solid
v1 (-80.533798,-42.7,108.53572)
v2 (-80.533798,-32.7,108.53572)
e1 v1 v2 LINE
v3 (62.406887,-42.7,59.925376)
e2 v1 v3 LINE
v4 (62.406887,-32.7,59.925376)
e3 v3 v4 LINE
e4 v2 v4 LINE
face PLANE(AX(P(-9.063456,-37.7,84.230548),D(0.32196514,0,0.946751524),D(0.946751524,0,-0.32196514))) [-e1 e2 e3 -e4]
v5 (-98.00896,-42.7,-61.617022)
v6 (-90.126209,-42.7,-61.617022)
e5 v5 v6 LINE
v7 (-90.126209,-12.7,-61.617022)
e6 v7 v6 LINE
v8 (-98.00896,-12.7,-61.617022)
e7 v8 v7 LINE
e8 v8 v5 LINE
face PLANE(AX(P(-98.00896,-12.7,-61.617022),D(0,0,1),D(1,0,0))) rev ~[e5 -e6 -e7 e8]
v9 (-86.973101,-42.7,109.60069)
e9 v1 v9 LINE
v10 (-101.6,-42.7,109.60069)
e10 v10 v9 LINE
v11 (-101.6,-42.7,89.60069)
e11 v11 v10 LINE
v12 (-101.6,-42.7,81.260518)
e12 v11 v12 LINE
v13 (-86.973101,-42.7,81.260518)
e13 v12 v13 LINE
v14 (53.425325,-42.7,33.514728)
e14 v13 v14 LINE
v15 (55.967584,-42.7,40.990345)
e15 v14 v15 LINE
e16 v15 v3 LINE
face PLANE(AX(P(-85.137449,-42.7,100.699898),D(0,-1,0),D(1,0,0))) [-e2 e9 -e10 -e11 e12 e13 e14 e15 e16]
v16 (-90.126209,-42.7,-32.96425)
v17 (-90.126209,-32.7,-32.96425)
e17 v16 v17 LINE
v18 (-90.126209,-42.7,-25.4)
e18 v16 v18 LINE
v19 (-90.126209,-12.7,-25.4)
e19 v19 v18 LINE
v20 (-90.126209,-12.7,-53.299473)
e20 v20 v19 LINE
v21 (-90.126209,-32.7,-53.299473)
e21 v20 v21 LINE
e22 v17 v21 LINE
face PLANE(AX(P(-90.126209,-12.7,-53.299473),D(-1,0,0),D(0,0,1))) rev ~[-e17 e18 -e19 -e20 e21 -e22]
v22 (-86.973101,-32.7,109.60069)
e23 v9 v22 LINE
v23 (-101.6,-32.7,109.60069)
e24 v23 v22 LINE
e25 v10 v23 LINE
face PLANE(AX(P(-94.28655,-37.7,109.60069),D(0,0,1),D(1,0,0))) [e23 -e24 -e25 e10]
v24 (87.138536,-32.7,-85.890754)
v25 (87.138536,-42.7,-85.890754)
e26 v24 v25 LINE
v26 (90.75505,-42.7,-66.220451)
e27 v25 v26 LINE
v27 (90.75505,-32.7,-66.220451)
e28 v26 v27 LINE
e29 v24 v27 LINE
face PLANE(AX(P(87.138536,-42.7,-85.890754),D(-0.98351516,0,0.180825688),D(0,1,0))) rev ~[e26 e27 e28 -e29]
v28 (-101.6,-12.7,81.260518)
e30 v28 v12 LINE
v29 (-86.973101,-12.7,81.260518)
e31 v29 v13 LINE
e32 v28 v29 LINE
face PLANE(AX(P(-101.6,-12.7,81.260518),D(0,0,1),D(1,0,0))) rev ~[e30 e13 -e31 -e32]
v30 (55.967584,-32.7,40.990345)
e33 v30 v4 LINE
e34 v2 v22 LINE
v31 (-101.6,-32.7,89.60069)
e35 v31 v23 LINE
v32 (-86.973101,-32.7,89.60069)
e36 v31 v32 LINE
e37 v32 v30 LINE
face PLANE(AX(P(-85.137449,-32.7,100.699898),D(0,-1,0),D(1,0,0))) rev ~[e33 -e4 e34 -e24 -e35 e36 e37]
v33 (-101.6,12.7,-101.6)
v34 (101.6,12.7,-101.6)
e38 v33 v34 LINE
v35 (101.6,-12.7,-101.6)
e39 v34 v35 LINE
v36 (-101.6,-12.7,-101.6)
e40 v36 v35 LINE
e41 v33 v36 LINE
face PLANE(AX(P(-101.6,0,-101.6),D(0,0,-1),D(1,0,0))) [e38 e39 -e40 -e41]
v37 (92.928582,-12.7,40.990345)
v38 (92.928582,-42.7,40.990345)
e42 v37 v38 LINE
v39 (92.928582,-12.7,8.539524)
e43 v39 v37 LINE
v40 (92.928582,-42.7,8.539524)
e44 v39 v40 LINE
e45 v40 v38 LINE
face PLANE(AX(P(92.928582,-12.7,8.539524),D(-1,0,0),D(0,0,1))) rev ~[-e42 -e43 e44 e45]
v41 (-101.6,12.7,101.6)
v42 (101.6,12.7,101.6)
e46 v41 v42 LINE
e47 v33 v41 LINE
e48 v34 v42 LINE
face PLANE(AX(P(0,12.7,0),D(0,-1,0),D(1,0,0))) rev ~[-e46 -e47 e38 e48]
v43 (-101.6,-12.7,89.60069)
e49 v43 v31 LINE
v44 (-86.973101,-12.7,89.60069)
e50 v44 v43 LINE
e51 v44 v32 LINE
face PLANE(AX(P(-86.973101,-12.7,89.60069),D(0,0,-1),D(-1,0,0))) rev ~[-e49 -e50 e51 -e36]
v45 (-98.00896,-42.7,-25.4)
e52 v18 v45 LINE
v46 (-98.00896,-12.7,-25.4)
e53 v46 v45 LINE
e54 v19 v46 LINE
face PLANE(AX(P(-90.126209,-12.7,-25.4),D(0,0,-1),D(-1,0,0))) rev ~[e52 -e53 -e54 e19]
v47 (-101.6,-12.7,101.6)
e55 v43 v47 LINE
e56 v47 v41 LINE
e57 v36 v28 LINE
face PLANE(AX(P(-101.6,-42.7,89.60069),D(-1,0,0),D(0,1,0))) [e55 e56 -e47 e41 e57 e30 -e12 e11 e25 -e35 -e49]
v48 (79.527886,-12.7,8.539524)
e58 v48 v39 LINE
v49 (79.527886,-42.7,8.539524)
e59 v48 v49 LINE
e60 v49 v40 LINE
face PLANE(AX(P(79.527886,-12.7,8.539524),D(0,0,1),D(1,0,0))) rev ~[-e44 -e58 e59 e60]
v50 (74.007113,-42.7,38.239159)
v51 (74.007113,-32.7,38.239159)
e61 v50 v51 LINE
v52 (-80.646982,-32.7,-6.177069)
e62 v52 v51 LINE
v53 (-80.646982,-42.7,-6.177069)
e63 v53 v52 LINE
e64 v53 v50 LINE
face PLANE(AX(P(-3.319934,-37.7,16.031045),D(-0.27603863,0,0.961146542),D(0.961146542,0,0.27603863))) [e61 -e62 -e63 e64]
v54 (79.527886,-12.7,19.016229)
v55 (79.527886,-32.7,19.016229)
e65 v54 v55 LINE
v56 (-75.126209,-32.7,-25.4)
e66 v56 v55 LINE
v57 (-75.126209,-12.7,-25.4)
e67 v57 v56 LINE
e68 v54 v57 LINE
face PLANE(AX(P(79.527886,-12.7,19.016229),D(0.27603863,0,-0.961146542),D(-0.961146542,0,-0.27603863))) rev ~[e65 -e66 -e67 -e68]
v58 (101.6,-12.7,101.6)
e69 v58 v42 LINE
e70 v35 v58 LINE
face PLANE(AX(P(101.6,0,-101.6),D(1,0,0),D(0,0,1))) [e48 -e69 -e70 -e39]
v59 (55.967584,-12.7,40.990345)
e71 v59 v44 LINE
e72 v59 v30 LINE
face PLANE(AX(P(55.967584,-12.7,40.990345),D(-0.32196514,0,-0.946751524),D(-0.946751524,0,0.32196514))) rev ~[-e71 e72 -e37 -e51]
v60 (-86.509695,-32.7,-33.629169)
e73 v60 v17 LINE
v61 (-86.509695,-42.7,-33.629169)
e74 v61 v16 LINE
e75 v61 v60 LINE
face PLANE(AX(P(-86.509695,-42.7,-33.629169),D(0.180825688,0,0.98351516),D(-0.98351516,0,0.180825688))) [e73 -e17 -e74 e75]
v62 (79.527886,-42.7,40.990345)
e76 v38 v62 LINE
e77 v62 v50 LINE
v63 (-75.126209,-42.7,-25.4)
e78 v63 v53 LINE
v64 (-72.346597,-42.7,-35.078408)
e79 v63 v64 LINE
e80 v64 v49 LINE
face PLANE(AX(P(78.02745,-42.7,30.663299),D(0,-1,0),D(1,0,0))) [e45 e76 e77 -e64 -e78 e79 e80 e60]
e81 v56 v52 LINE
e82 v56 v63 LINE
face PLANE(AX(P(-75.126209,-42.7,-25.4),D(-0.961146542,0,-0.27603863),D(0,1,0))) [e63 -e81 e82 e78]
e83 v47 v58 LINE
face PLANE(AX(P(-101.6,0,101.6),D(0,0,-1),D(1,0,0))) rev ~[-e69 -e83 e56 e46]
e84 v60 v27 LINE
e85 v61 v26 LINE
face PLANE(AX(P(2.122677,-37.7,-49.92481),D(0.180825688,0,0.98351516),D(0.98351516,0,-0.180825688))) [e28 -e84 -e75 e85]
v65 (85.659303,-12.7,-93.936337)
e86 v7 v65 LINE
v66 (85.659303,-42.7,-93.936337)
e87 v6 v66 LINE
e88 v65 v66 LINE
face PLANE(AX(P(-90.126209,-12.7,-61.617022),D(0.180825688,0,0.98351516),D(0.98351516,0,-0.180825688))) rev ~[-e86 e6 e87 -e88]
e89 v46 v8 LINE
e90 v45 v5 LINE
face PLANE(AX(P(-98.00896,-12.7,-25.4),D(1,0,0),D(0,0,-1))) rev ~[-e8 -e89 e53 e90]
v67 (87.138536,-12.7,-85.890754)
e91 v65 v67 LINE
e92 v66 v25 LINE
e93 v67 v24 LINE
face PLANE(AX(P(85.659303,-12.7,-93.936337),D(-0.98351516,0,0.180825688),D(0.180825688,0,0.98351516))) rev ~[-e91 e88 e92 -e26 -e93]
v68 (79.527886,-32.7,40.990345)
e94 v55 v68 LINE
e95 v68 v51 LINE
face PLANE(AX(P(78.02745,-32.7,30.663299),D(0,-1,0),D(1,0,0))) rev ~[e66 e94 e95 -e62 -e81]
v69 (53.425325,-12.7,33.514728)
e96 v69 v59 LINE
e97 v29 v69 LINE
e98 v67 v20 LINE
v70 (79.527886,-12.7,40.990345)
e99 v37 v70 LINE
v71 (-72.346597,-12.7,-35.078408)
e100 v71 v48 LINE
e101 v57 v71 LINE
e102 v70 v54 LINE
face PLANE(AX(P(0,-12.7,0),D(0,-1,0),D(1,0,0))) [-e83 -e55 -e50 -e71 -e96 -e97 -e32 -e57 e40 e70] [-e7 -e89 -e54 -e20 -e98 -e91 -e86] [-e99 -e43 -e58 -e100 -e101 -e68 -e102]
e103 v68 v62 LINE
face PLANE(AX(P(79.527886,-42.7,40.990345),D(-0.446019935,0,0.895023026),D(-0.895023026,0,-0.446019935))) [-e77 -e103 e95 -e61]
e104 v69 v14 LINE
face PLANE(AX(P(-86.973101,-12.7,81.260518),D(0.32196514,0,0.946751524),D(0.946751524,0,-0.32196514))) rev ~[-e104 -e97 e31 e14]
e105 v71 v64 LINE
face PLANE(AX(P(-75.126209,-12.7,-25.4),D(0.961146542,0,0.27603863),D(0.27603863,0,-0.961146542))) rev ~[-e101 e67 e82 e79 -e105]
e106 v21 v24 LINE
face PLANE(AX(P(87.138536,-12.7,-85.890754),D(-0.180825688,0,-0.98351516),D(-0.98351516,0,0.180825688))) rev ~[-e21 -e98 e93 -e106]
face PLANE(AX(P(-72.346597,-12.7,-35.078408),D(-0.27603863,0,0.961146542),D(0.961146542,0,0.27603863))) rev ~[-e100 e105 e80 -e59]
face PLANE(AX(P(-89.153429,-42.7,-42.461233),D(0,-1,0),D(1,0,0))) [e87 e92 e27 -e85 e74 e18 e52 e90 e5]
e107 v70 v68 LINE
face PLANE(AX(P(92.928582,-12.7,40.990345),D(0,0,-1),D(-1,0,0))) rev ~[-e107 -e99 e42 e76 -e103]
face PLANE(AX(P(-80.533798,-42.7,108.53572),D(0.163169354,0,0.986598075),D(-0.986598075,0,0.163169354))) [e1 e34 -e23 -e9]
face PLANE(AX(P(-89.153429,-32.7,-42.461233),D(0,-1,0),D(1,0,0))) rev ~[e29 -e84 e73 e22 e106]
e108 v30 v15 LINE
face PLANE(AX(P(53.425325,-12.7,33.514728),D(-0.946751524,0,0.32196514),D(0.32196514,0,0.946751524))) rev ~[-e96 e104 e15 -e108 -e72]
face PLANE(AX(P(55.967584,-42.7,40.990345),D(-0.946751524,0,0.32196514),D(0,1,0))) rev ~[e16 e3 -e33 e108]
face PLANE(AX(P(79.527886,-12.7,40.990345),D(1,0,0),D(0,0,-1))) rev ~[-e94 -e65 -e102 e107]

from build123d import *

# Parameters (mm, degrees)
F0_W      = 203.2
F0_H      = 203.2
F1_DEPTH  = 12.7
F3_DEPTH  = 30
F4_W      = 14.6268990993
F4_H      = 10
F5_DEPTH  = 20
F6_W      = 150.9801479243
F6_H      = 10
F7_DEPTH  = 20
F9_DEPTH  = 10
F10_W     = 160.9058431263
F10_H     = 10
F11_DEPTH = 20
F12_W     = 180.2359047158
F12_H     = 10
F13_DEPTH = 20
F15_DEPTH = 10
F17_DEPTH = 10


with BuildPart() as f1:
    # F0 (on Front) → F1 (new body, symmetric)
    with BuildSketch(Plane.XZ):
        Rectangle(F0_W, F0_H)
    extrude(amount=F1_DEPTH, both=True)

    # F2 (on face) → F3 (join)
    with BuildSketch(Plane.XZ.offset(12.7)):
        Polygon((-86.9731009007, 89.6006897092), (-101.6, 89.6006897092), (-101.6, 81.2605177762), (-86.9731009007, 81.2605177762), (53.4253248086, 33.5147284107), (55.9675842524, 40.99034518), align=None)
        Polygon((92.9285819118, 40.99034518), (79.5278856938, 40.99034518), (79.5278856938, 19.016228551), (79.5278856938, 8.5395236786), (92.9285819118, 8.5395236786), align=None)
        Polygon((79.5278856938, 8.5395236786), (79.5278856938, 19.016228551), (-75.126208961, -25.4), (-72.3465969379, -35.0784079816), align=None)
        Polygon((-90.126208961, -25.4), (-98.0089604855, -25.4), (-98.0089604855, -61.6170221653), (-90.126208961, -61.6170221653), (-90.126208961, -53.2994725252), align=None)
        Polygon((-90.126208961, -53.2994725252), (-90.126208961, -61.6170221653), (85.6593027711, -93.9363369431), (87.1385357673, -85.8907539536), align=None)
    extrude(amount=F3_DEPTH)

    # F4 (on face) → F5 (join)
    with BuildSketch(Plane.XY.offset(89.6006897092)):
        with Locations((-94.2865504503, -37.7)):
            Rectangle(F4_W, F4_H)
    extrude(amount=F5_DEPTH)

    # F6 (on face) → F7 (join)
    with BuildSketch(Plane(origin=(18.2964041178, 0, 53.8013166903), x_dir=(0.9467515241, 0, -0.3219651404), z_dir=(0.3219651404, 0, 0.9467515241))):
        with Locations((-35.7001405146, -37.7)):
            Rectangle(F6_W, F6_H)
    extrude(amount=F7_DEPTH)

    # F8 (on face) → F9 (join)
    with BuildSketch(Plane.XZ.offset(42.7)):
        Polygon((-86.9731009007, 109.6006897092), (-86.9731009007, 89.6006897092), (-80.533798092, 108.5357201908), align=None)
    extrude(amount=-F9_DEPTH)

    # F10 (on face) → F11 (join)
    with BuildSketch(Plane(origin=(1.0145486096, 0, -3.532584864), x_dir=(0.9611465417, 0, 0.2760386303), z_dir=(-0.2760386303, 0, 0.9611465417))):
        with Locations((1.234244421, -37.7)):
            Rectangle(F10_W, F10_H)
    extrude(amount=F11_DEPTH)

    # F12 (on face) → F13 (join)
    with BuildSketch(Plane(origin=(-12.4259747266, 0, -67.5851682222), x_dir=(0.9835151604, 0, -0.1808256878), z_dir=(0.1808256878, 0, 0.9835151604))):
        with Locations((11.1153732758, -37.7)):
            Rectangle(F12_W, F12_H)
    extrude(amount=F13_DEPTH)

    # F14 (on face) → F15 (join)
    with BuildSketch(Plane.XZ.offset(42.7)):
        Polygon((74.0071130869, 38.2391593843), (79.5278856938, 19.016228551), (79.5278856938, 40.99034518), align=None)
    extrude(amount=-F15_DEPTH)

    # F16 (on face) → F17 (join)
    with BuildSketch(Plane.XZ.offset(42.7)):
        Polygon((-90.126208961, -32.9642496368), (-90.126208961, -53.2994725252), (-86.5096952059, -33.6291693182), align=None)
    extrude(amount=-F17_DEPTH)


solid = f1.part
